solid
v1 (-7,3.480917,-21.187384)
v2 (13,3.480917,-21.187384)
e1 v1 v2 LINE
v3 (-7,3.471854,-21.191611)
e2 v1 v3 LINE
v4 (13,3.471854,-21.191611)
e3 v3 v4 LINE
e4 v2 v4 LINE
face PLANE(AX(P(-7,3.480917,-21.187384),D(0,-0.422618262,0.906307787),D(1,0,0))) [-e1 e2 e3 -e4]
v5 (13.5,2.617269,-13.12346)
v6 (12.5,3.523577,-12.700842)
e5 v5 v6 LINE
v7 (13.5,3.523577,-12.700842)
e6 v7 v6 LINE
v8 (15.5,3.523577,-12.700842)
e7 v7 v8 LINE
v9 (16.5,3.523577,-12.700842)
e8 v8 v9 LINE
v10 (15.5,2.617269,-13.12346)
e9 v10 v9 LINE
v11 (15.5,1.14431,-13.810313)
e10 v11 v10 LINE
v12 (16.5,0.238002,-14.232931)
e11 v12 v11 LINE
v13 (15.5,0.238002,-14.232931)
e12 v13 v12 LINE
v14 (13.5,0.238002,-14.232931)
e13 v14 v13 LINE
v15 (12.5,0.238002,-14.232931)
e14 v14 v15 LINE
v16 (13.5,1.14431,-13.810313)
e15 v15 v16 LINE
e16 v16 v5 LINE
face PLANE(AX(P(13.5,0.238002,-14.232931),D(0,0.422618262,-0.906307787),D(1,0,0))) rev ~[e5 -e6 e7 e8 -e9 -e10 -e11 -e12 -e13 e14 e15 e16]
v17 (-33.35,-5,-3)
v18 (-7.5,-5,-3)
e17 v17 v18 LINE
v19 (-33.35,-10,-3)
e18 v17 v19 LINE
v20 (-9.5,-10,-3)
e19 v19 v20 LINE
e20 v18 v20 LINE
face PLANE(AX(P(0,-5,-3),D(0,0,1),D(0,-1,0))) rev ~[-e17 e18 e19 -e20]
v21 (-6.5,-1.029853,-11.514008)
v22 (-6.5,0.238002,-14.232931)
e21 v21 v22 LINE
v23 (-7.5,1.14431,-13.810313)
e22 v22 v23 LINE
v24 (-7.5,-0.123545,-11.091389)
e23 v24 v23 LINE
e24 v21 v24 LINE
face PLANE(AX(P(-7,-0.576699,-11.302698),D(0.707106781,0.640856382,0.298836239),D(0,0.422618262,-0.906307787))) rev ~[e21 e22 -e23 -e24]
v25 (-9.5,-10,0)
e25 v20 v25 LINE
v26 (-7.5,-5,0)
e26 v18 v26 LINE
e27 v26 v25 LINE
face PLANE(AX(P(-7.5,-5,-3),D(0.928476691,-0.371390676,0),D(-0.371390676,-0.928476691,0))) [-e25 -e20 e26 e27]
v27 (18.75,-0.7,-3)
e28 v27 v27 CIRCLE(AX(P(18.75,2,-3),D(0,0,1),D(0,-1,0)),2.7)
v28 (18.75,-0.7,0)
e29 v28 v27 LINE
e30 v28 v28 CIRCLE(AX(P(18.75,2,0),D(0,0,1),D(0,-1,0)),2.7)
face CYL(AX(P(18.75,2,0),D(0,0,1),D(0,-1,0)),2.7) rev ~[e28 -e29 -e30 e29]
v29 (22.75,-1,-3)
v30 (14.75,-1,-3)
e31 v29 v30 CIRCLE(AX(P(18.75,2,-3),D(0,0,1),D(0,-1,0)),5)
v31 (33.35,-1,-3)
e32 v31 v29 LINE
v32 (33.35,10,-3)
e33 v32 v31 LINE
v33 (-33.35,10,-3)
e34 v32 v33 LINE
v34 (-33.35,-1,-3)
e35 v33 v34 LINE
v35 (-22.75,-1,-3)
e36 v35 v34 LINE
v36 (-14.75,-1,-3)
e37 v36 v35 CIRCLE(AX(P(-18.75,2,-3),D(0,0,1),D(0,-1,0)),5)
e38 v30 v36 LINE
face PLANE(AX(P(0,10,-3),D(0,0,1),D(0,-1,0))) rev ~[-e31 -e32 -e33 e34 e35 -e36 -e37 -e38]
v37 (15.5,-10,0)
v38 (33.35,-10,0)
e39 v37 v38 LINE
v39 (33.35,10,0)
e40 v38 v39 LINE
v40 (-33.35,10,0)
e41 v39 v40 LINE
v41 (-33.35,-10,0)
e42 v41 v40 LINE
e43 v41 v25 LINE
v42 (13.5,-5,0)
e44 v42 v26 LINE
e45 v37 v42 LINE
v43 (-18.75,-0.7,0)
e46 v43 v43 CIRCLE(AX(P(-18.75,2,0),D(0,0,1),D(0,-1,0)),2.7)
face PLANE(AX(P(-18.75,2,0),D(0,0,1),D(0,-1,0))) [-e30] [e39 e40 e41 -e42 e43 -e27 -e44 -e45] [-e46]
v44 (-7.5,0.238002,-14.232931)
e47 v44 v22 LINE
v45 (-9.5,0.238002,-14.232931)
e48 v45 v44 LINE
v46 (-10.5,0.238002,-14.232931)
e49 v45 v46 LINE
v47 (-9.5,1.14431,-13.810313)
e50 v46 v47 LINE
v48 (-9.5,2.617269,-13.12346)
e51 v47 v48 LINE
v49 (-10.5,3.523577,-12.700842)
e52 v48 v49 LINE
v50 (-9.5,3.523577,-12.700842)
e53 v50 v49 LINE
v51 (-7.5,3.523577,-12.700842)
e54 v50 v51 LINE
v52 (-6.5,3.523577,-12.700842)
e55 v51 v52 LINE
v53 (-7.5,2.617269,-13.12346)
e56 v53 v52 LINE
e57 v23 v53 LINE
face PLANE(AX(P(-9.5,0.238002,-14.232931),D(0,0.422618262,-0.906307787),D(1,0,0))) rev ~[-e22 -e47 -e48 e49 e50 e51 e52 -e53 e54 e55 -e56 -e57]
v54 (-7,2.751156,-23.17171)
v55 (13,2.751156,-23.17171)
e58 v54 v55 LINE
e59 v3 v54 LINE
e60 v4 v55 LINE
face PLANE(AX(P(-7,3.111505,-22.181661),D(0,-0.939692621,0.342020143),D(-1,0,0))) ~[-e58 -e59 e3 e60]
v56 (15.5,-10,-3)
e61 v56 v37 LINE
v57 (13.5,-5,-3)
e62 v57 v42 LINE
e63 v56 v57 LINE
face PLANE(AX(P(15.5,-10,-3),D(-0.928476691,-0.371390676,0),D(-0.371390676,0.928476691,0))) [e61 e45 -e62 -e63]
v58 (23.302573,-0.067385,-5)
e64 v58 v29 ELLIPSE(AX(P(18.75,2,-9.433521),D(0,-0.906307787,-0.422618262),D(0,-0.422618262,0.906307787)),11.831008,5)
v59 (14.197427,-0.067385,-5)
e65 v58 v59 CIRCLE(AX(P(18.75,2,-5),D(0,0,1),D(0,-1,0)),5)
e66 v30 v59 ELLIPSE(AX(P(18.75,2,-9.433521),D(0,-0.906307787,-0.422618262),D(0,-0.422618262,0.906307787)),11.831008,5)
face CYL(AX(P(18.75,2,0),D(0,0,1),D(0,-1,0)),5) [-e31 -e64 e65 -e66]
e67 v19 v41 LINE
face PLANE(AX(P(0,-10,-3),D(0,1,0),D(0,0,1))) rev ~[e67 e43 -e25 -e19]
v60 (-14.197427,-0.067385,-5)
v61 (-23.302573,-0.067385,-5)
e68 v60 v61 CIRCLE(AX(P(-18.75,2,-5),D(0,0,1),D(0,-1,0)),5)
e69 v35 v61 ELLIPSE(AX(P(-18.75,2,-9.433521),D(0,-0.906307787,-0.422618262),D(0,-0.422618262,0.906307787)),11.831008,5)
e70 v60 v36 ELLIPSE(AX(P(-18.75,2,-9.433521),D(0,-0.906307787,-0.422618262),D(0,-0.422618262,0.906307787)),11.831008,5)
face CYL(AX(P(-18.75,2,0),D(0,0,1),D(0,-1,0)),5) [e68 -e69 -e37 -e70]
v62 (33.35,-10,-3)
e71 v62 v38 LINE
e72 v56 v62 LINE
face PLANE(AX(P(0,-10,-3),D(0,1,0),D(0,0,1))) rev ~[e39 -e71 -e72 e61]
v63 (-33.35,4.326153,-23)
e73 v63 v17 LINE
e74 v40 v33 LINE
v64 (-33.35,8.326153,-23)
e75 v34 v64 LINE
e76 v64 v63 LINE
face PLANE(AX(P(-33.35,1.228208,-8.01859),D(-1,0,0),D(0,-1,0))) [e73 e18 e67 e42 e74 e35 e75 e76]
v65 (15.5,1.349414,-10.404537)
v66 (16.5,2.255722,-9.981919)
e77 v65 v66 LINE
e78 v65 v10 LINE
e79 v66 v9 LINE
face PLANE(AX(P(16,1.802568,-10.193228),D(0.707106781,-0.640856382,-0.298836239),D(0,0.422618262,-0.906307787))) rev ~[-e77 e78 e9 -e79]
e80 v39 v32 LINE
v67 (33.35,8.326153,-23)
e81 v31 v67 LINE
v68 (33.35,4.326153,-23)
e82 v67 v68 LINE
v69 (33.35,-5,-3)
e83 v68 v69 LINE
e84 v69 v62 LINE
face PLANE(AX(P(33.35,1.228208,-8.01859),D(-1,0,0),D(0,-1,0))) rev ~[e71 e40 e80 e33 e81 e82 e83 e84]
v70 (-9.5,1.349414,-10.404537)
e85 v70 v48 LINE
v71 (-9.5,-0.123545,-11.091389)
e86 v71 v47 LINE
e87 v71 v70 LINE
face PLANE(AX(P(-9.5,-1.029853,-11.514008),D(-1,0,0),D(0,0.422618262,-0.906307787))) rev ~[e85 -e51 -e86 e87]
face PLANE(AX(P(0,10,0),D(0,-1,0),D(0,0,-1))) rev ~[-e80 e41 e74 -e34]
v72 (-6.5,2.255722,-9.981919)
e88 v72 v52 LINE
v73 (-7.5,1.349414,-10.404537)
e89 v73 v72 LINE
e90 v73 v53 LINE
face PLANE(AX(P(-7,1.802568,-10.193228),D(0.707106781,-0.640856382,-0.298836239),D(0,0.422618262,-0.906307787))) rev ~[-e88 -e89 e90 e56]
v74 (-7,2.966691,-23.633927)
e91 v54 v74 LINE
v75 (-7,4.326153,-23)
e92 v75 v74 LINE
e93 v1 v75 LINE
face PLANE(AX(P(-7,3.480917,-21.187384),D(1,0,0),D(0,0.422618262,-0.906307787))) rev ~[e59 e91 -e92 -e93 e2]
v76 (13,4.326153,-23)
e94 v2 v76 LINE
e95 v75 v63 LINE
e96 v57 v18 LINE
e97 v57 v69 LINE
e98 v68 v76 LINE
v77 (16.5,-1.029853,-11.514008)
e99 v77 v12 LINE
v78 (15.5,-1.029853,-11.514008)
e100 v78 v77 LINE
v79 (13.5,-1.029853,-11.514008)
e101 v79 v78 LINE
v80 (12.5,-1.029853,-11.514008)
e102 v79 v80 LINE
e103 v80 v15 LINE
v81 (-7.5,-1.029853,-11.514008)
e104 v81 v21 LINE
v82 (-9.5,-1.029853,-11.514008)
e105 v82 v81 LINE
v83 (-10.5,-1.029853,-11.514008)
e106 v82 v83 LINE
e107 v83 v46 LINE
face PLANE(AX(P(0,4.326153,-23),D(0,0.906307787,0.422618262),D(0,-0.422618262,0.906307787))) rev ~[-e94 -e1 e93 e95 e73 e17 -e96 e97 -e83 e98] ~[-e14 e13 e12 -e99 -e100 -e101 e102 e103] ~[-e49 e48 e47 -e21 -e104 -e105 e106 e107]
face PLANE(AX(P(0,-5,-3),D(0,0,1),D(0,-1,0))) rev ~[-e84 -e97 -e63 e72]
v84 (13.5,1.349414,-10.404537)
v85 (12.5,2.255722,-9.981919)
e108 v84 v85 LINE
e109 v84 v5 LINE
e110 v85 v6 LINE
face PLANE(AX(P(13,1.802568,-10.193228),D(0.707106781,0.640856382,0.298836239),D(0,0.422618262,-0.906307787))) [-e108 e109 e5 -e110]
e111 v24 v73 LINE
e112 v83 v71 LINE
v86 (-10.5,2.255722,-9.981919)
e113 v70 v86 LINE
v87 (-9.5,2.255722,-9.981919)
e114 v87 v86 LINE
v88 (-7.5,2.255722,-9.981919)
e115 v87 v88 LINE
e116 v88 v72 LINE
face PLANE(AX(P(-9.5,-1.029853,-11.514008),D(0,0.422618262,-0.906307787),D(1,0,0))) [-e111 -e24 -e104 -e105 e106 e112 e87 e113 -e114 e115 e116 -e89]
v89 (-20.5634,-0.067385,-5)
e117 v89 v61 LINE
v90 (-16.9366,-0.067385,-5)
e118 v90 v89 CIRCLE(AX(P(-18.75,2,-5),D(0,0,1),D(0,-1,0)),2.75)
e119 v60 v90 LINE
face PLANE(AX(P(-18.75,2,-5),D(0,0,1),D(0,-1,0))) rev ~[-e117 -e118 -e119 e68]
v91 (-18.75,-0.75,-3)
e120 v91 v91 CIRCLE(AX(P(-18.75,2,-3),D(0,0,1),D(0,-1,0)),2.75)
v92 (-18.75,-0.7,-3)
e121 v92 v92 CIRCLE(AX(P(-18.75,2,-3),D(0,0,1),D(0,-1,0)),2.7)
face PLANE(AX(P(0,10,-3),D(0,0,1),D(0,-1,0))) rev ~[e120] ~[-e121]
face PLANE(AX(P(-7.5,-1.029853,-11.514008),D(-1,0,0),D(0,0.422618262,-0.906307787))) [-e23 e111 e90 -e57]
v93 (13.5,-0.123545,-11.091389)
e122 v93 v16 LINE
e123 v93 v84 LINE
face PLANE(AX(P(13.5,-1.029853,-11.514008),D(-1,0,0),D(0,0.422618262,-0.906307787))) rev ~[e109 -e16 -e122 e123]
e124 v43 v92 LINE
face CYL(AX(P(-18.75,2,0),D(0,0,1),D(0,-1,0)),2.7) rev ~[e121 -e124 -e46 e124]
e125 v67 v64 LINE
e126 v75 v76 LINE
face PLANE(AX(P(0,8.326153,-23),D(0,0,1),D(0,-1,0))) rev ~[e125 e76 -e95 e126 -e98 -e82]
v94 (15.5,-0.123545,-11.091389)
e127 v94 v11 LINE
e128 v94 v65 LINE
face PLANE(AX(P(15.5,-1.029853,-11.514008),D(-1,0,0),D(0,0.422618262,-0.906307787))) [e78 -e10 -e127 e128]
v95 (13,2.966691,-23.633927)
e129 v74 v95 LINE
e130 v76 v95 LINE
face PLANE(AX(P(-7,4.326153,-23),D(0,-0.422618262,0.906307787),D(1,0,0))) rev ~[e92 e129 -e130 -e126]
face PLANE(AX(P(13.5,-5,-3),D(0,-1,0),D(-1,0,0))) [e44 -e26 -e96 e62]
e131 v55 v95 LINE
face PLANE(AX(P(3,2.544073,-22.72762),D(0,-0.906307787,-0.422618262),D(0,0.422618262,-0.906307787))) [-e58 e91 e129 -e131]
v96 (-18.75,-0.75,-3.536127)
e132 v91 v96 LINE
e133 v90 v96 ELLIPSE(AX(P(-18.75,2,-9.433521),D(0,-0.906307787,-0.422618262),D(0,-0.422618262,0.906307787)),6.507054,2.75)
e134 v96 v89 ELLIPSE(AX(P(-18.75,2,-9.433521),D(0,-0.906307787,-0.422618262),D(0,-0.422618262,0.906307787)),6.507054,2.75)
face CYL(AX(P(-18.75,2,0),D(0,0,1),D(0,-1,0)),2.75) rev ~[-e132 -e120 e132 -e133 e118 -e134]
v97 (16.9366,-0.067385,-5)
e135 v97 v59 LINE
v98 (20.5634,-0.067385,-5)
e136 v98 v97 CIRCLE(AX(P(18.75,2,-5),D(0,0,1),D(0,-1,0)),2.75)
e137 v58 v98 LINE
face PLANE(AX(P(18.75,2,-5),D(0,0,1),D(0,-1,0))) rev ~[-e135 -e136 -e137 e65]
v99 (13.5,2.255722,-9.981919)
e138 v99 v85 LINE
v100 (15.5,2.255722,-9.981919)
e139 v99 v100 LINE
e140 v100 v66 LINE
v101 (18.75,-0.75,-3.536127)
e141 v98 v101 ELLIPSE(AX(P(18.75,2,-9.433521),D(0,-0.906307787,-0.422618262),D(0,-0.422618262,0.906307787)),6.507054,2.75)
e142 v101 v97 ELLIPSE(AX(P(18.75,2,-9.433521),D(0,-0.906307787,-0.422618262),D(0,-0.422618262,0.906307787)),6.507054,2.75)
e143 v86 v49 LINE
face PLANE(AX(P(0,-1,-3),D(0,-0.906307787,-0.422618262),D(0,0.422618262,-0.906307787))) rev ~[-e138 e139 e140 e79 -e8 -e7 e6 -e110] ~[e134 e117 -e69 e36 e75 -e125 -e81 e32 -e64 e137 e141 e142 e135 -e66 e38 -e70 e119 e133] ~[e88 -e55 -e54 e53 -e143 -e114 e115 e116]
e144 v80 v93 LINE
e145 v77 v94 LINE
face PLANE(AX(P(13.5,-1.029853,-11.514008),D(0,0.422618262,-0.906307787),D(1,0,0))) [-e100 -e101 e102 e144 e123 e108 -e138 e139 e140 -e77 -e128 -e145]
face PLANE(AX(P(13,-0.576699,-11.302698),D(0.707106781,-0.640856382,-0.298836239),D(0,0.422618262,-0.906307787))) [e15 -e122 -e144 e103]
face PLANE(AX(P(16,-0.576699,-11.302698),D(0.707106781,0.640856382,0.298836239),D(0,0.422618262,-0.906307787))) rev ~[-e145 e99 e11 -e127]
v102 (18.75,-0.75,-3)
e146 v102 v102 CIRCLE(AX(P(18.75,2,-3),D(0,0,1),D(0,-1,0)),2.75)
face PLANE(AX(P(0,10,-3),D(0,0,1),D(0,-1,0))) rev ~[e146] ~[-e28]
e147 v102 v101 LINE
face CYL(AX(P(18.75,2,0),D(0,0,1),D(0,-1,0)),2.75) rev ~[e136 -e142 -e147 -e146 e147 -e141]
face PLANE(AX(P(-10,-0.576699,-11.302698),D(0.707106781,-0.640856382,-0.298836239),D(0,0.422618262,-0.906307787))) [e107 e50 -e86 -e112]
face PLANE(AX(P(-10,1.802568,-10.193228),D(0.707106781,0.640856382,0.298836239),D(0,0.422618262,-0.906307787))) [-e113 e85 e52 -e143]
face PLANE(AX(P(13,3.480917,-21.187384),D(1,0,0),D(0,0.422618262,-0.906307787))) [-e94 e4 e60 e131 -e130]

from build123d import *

# Parameters (mm, degrees)
PAD009_DEPTH       = 33.35
SKETCH030_R        = 2.7
POCKET015_DEPTH    = 3
SKETCH031_W        = 3
SKETCH031_H        = 2
POCKET016_DEPTH    = 3.6252311481
POCKET020_DEPTH    = 3.6252311481
SKETCH040_W        = 2
SKETCH040_H        = 20
PAD015_DEPTH       = 1.5
CHAMFER007007_SIZE = 1.49
POCKET021_DEPTH    = 3.001
CHAMFER007008_SIZE = 1
SKETCH042_R        = 5
SKETCH042_R_2      = 2.75
PAD016_DEPTH       = 5


with BuildPart() as part:
    # Sketch029 → Pad009 (new body, symmetric)
    with BuildSketch(Plane.YZ):
        Polygon((-10, 0), (10, 0), (10, -3), (-1, -3), (8.3261531631, -23), (4.3261531631, -23), (-5, -3), (-10, -3), align=None)
    extrude(amount=PAD009_DEPTH, both=True)

    # Sketch030 (on Face1 of Pad009) → Pocket015 (cut)
    with BuildSketch(Plane(origin=(0, 0, 0), x_dir=(0, -1, 0), z_dir=(0, 0, 1))):
        with Locations((-2, 18.75)):
            Circle(SKETCH030_R)
        with Locations((-2, -18.75)):
            Circle(SKETCH030_R)
    extrude(amount=-POCKET015_DEPTH, mode=Mode.SUBTRACT)

    # Sketch031 (on Face12 of Pocket015) → Pocket016 (cut)
    with BuildSketch(Plane(origin=(0, -5.2560356889, -2.4509296933), x_dir=(0, 0.4226182617, -0.906307787), z_dir=(0, -0.906307787, -0.4226182617))):
        with Locations((11.5, 14.5)):
            Rectangle(SKETCH031_W, SKETCH031_H)
        with Locations((11.5, -8.5)):
            Rectangle(SKETCH031_W, SKETCH031_H)
    extrude(amount=-POCKET016_DEPTH, mode=Mode.SUBTRACT)

    # Sketch031 (on Face12 of Pocket015) → Pocket020 (cut)
    with BuildSketch(Plane(origin=(0, -5.2560356889, -2.4509296933), x_dir=(0, 0.4226182617, -0.906307787), z_dir=(0, -0.906307787, -0.4226182617))):
        with Locations((11.5, 14.5)):
            Rectangle(SKETCH031_W, SKETCH031_H)
        with Locations((11.5, -8.5)):
            Rectangle(SKETCH031_W, SKETCH031_H)
    extrude(amount=-POCKET020_DEPTH, mode=Mode.SUBTRACT)

    # Sketch040 (on Face12 of Pocket020) → Pad015 (join)
    with BuildSketch(Plane(origin=(0, -5.2560356889, -2.4509296933), x_dir=(0, 0.4226182617, -0.906307787), z_dir=(0, -0.906307787, -0.4226182617))):
        with Locations((21.6733904317, 3)):
            Rectangle(SKETCH040_W, SKETCH040_H)
    extrude(amount=PAD015_DEPTH)

    # Chamfer007007
    chamfer007007_edges = [part.edges().sort_by_distance(p)[0] for p in [
        (3, 2.121455, -21.821312),
    ]]
    chamfer(chamfer007007_edges, length=CHAMFER007007_SIZE)

    # Sketch041 (on Face9 of Chamfer007007) → Pocket021 (cut, through all)
    with BuildSketch(Plane.YX.offset(3)):
        Polygon((-10, 15.5), (-5, 13.5), (-5, -7.5), (-10, -9.5), align=None)
    extrude(amount=-POCKET021_DEPTH, mode=Mode.SUBTRACT)

    # Chamfer007008
    chamfer007008_edges = [part.edges().sort_by_distance(p)[0] for p in [
        (15.5, -0.395926, -12.873469),
        (13.5, -0.395926, -12.873469),
        (-7.5, -0.395926, -12.873469),
        (-9.5, -0.395926, -12.873469),
        (-9.5, 2.88965, -11.34138),
        (-7.5, 2.88965, -11.34138),
        (13.5, 2.88965, -11.34138),
        (15.5, 2.88965, -11.34138),
    ]]
    chamfer(chamfer007008_edges, length=CHAMFER007008_SIZE)

    # Sketch042 (on Face24 of Chamfer007008) → Pad016 (join)
    with BuildSketch(Plane(origin=(0, 0, 0), x_dir=(0, -1, 0), z_dir=(0, 0, 1))):
        with Locations((-2, -18.75)):
            Circle(SKETCH042_R)
        with Locations((-2, -18.75)):
            Circle(SKETCH042_R_2, mode=Mode.SUBTRACT)
        with Locations((-2, 18.75)):
            Circle(SKETCH042_R)
        with Locations((-2, 18.75)):
            Circle(SKETCH042_R_2, mode=Mode.SUBTRACT)
    extrude(amount=-PAD016_DEPTH)


solid = part.part
